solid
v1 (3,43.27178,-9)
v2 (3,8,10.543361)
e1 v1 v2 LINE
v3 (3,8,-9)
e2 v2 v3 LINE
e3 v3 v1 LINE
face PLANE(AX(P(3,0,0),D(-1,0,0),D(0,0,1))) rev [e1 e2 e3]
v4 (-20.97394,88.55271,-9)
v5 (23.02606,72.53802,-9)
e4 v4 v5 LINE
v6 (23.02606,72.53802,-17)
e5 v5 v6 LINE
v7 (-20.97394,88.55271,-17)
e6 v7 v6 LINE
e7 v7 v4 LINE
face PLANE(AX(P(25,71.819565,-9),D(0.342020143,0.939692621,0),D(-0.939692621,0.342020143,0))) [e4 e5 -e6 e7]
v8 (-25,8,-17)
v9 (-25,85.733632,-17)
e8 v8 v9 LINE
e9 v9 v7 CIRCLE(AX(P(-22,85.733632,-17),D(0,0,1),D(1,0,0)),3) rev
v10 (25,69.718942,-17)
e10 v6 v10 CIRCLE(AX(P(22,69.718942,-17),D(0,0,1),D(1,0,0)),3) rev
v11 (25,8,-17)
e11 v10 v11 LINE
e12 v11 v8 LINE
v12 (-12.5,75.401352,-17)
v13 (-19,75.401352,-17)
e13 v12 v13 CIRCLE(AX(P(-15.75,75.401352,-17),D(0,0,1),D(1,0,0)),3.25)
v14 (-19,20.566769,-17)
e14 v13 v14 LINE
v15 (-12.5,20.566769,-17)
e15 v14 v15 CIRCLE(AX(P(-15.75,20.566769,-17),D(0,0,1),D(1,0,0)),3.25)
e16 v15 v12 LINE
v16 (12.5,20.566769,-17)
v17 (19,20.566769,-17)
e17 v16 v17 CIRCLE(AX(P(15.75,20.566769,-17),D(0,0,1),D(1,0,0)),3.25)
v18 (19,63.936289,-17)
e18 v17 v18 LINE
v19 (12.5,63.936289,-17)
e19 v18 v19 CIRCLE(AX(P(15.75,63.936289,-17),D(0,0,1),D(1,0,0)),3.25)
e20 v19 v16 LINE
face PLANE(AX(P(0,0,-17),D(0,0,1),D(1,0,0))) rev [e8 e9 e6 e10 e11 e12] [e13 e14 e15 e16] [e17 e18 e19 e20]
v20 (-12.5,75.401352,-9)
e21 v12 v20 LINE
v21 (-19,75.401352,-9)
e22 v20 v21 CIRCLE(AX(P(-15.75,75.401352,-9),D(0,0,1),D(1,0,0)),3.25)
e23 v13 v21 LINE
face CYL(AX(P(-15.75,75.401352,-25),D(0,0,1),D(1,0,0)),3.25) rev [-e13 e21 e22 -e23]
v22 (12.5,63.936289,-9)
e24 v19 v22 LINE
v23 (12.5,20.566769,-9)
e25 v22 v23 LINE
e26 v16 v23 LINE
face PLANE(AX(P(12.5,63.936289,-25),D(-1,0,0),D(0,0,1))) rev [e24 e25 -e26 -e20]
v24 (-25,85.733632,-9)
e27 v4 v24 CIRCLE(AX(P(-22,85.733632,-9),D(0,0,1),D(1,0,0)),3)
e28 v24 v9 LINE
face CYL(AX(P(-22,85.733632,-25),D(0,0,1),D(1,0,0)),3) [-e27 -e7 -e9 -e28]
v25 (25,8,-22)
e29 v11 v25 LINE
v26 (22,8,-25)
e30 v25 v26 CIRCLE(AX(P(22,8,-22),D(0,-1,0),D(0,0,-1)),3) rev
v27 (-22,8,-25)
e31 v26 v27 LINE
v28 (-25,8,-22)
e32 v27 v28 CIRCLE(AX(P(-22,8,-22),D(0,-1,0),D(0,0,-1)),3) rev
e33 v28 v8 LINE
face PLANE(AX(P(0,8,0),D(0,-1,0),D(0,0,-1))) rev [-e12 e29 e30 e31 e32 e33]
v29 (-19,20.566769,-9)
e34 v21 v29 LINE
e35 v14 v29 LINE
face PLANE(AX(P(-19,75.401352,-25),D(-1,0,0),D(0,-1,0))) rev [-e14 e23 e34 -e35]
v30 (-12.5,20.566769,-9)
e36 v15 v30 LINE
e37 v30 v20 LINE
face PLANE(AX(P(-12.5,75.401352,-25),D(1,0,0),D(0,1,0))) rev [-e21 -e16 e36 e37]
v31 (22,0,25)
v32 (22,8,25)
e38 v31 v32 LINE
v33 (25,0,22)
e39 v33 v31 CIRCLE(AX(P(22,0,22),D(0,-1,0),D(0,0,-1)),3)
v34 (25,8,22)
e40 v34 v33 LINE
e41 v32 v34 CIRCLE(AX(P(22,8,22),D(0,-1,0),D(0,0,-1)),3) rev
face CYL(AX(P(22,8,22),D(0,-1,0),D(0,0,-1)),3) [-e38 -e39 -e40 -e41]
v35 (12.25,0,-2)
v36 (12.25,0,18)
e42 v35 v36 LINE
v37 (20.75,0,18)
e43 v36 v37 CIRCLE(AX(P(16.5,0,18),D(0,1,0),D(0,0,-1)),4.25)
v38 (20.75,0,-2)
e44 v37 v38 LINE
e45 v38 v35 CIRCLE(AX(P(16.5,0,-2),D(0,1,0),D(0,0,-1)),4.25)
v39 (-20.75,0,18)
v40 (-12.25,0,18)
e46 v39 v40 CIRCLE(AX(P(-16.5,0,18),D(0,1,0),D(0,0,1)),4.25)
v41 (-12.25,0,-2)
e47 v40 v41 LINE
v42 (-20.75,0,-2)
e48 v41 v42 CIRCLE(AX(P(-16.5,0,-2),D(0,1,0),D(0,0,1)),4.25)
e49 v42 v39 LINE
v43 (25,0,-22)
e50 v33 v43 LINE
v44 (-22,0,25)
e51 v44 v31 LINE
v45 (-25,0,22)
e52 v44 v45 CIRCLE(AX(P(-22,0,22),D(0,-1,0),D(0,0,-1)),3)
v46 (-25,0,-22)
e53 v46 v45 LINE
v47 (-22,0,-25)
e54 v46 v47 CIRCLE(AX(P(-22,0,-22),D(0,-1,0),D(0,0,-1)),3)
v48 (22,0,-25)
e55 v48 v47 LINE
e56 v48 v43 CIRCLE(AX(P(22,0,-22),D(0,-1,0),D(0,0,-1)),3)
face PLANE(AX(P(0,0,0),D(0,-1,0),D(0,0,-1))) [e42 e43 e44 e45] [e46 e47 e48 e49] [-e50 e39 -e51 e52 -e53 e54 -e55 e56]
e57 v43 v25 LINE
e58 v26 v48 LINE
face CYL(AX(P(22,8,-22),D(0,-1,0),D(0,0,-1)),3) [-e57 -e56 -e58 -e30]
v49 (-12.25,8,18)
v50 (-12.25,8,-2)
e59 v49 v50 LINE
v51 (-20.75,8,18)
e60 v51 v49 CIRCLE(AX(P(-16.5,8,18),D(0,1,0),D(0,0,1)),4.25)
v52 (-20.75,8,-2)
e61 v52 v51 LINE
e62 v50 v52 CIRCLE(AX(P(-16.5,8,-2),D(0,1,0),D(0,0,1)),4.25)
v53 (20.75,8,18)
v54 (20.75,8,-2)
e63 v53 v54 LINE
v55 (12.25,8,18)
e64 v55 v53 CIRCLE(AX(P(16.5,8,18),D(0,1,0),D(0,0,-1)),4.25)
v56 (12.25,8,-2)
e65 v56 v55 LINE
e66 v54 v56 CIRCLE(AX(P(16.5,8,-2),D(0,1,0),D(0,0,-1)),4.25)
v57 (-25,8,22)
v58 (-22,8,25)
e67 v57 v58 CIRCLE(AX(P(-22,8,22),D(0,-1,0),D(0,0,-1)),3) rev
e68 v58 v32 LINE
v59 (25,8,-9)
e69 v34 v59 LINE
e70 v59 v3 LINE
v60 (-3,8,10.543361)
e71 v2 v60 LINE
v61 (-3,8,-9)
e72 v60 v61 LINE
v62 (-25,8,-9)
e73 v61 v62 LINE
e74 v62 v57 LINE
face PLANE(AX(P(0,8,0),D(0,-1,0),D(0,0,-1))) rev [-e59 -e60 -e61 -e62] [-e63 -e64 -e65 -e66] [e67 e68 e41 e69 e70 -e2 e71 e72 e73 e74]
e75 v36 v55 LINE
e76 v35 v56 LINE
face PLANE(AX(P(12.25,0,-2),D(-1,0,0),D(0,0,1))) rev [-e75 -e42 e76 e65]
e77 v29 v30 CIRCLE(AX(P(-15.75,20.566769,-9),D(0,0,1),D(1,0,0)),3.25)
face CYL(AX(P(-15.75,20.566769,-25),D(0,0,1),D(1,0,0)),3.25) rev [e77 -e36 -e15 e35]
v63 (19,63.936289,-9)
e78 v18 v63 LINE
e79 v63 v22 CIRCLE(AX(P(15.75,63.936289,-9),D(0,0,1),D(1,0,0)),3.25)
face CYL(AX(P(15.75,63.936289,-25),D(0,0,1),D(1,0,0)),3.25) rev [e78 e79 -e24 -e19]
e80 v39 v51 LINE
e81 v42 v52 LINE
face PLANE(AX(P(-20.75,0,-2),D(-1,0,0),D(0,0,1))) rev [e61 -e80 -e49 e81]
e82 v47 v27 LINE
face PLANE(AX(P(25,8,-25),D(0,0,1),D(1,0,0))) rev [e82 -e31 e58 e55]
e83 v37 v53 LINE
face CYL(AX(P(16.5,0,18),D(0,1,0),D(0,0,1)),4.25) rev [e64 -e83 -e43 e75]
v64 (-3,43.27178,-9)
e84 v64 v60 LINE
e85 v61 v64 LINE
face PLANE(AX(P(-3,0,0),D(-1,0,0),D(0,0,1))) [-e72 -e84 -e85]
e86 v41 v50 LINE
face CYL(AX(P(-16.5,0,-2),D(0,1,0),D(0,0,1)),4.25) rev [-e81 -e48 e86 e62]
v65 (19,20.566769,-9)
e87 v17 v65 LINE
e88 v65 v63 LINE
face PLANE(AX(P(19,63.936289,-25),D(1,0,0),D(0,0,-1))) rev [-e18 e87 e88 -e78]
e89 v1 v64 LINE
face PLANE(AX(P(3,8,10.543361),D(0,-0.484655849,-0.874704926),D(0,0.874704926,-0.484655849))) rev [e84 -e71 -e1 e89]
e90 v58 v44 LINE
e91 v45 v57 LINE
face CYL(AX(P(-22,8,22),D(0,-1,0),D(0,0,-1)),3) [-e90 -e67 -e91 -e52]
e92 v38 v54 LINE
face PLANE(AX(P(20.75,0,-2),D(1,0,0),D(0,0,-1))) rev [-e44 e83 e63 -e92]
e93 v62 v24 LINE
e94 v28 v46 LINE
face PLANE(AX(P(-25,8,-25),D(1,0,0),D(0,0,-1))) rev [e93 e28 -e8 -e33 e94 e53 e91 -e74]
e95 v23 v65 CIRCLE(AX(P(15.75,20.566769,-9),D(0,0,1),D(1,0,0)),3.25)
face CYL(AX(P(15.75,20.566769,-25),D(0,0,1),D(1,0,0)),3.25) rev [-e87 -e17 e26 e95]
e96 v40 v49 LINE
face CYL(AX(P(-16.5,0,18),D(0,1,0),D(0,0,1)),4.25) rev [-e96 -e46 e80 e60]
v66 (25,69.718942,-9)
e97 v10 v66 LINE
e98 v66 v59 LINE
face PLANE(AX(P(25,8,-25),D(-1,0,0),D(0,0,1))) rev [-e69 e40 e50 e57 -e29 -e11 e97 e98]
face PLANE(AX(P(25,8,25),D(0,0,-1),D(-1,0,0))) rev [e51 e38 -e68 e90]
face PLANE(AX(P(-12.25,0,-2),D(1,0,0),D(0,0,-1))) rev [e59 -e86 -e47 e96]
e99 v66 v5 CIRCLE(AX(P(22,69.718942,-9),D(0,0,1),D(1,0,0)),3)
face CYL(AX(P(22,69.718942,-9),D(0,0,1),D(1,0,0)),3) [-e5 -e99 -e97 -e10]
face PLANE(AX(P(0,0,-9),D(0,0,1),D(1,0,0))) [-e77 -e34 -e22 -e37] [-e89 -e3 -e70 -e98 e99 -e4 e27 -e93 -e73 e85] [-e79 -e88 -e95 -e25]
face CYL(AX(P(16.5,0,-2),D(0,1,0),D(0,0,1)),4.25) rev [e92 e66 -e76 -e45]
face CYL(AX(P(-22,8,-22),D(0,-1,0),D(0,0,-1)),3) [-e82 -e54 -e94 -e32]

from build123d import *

# Parameters (mm, degrees)
SKETCH2_W           = 50
SKETCH2_H           = 50
BOSS_EXTRUDE1_DEPTH = 8
BOSS_EXTRUDE2_START = -8
BOSS_EXTRUDE2_DEPTH = 8
CUT_EXTRUDE2_DEPTH  = 8
BOSS_EXTRUDE3_START = -28
BOSS_EXTRUDE3_DEPTH = 6
CUT_EXTRUDE3_DEPTH  = 100.419585885
FILLET1_R           = 3


with BuildPart() as part:
    # Sketch2 → Boss-Extrude1 (new body)
    with BuildSketch(Plane(origin=(0, 0, 0), x_dir=(1, 0, 0), z_dir=(0, 1, 0))):
        Rectangle(SKETCH2_W, SKETCH2_H)
    extrude(amount=BOSS_EXTRUDE1_DEPTH)

    # Sketch5 → Boss-Extrude2 (add)
    with BuildSketch(Plane(origin=(0, 0, -25), x_dir=(-1, 0, 0), z_dir=(0, 0, -1)).offset(BOSS_EXTRUDE2_START)):
        Polygon((-25, 0), (-25, 71.819564568), (25, 90.018076282), (25, 0), align=None)
    extrude(amount=-BOSS_EXTRUDE2_DEPTH)

    # Sketch6 → Cut-Extrude2 (cut)
    with BuildSketch(Plane(origin=(0, 8, 0), x_dir=(1, 0, 0), z_dir=(0, 1, 0))):
        with BuildLine():
            Line((-12.25, 2), (-12.25, -18))
            ThreePointArc((-12.25, -18), (-16.5, -22.25), (-20.75, -18))
            Line((-20.75, -18), (-20.75, 2))
            ThreePointArc((-20.75, 2), (-16.5, 6.25), (-12.25, 2))
        make_face()
        with BuildLine():
            Line((12.25, 2), (12.25, -18))
            ThreePointArc((12.25, -18), (16.5, -22.25), (20.75, -18))
            Line((20.75, -18), (20.75, 2))
            ThreePointArc((20.75, 2), (16.5, 6.25), (12.25, 2))
        make_face()
    extrude(amount=-CUT_EXTRUDE2_DEPTH, mode=Mode.SUBTRACT)

    # Sketch7 → Boss-Extrude3 (add)
    with BuildSketch(Plane(origin=(25, 0, 0), x_dir=(0, 0, -1), z_dir=(1, 0, 0)).offset(BOSS_EXTRUDE3_START)):
        Polygon((9, 8), (-10.543361274, 8), (9, 43.271779749), align=None)
    extrude(amount=BOSS_EXTRUDE3_DEPTH)

    # Sketch8 → Cut-Extrude3 (cut, through all)
    with BuildSketch(Plane.XY.offset(-9)):
        with BuildLine():
            Line((-12.5, 75.401351615), (-12.5, 20.566768933))
            ThreePointArc((-12.5, 20.566768933), (-15.75, 17.316768933), (-19, 20.566768933))
            Line((-19, 20.566768933), (-19, 75.401351615))
            ThreePointArc((-19, 75.401351615), (-15.75, 78.651351615), (-12.5, 75.401351615))
        make_face()
        with BuildLine():
            Line((19, 63.936289235), (19, 20.566768933))
            ThreePointArc((19, 20.566768933), (15.75, 17.316768933), (12.5, 20.566768933))
            Line((12.5, 20.566768933), (12.5, 63.936289235))
            ThreePointArc((12.5, 63.936289235), (15.75, 67.186289235), (19, 63.936289235))
        make_face()
    extrude(amount=-CUT_EXTRUDE3_DEPTH, mode=Mode.SUBTRACT)

    # Fillet1
    fillet1_edges = [part.edges().sort_by_distance(p)[0] for p in [
        (-25, 90.018076282, -13),
        (25, 71.819564568, -13),
        (-25, 4, -25),
        (25, 4, -25),
        (25, 4, 25),
        (-25, 4, 25),
    ]]
    fillet(fillet1_edges, radius=FILLET1_R)


solid = part.part
